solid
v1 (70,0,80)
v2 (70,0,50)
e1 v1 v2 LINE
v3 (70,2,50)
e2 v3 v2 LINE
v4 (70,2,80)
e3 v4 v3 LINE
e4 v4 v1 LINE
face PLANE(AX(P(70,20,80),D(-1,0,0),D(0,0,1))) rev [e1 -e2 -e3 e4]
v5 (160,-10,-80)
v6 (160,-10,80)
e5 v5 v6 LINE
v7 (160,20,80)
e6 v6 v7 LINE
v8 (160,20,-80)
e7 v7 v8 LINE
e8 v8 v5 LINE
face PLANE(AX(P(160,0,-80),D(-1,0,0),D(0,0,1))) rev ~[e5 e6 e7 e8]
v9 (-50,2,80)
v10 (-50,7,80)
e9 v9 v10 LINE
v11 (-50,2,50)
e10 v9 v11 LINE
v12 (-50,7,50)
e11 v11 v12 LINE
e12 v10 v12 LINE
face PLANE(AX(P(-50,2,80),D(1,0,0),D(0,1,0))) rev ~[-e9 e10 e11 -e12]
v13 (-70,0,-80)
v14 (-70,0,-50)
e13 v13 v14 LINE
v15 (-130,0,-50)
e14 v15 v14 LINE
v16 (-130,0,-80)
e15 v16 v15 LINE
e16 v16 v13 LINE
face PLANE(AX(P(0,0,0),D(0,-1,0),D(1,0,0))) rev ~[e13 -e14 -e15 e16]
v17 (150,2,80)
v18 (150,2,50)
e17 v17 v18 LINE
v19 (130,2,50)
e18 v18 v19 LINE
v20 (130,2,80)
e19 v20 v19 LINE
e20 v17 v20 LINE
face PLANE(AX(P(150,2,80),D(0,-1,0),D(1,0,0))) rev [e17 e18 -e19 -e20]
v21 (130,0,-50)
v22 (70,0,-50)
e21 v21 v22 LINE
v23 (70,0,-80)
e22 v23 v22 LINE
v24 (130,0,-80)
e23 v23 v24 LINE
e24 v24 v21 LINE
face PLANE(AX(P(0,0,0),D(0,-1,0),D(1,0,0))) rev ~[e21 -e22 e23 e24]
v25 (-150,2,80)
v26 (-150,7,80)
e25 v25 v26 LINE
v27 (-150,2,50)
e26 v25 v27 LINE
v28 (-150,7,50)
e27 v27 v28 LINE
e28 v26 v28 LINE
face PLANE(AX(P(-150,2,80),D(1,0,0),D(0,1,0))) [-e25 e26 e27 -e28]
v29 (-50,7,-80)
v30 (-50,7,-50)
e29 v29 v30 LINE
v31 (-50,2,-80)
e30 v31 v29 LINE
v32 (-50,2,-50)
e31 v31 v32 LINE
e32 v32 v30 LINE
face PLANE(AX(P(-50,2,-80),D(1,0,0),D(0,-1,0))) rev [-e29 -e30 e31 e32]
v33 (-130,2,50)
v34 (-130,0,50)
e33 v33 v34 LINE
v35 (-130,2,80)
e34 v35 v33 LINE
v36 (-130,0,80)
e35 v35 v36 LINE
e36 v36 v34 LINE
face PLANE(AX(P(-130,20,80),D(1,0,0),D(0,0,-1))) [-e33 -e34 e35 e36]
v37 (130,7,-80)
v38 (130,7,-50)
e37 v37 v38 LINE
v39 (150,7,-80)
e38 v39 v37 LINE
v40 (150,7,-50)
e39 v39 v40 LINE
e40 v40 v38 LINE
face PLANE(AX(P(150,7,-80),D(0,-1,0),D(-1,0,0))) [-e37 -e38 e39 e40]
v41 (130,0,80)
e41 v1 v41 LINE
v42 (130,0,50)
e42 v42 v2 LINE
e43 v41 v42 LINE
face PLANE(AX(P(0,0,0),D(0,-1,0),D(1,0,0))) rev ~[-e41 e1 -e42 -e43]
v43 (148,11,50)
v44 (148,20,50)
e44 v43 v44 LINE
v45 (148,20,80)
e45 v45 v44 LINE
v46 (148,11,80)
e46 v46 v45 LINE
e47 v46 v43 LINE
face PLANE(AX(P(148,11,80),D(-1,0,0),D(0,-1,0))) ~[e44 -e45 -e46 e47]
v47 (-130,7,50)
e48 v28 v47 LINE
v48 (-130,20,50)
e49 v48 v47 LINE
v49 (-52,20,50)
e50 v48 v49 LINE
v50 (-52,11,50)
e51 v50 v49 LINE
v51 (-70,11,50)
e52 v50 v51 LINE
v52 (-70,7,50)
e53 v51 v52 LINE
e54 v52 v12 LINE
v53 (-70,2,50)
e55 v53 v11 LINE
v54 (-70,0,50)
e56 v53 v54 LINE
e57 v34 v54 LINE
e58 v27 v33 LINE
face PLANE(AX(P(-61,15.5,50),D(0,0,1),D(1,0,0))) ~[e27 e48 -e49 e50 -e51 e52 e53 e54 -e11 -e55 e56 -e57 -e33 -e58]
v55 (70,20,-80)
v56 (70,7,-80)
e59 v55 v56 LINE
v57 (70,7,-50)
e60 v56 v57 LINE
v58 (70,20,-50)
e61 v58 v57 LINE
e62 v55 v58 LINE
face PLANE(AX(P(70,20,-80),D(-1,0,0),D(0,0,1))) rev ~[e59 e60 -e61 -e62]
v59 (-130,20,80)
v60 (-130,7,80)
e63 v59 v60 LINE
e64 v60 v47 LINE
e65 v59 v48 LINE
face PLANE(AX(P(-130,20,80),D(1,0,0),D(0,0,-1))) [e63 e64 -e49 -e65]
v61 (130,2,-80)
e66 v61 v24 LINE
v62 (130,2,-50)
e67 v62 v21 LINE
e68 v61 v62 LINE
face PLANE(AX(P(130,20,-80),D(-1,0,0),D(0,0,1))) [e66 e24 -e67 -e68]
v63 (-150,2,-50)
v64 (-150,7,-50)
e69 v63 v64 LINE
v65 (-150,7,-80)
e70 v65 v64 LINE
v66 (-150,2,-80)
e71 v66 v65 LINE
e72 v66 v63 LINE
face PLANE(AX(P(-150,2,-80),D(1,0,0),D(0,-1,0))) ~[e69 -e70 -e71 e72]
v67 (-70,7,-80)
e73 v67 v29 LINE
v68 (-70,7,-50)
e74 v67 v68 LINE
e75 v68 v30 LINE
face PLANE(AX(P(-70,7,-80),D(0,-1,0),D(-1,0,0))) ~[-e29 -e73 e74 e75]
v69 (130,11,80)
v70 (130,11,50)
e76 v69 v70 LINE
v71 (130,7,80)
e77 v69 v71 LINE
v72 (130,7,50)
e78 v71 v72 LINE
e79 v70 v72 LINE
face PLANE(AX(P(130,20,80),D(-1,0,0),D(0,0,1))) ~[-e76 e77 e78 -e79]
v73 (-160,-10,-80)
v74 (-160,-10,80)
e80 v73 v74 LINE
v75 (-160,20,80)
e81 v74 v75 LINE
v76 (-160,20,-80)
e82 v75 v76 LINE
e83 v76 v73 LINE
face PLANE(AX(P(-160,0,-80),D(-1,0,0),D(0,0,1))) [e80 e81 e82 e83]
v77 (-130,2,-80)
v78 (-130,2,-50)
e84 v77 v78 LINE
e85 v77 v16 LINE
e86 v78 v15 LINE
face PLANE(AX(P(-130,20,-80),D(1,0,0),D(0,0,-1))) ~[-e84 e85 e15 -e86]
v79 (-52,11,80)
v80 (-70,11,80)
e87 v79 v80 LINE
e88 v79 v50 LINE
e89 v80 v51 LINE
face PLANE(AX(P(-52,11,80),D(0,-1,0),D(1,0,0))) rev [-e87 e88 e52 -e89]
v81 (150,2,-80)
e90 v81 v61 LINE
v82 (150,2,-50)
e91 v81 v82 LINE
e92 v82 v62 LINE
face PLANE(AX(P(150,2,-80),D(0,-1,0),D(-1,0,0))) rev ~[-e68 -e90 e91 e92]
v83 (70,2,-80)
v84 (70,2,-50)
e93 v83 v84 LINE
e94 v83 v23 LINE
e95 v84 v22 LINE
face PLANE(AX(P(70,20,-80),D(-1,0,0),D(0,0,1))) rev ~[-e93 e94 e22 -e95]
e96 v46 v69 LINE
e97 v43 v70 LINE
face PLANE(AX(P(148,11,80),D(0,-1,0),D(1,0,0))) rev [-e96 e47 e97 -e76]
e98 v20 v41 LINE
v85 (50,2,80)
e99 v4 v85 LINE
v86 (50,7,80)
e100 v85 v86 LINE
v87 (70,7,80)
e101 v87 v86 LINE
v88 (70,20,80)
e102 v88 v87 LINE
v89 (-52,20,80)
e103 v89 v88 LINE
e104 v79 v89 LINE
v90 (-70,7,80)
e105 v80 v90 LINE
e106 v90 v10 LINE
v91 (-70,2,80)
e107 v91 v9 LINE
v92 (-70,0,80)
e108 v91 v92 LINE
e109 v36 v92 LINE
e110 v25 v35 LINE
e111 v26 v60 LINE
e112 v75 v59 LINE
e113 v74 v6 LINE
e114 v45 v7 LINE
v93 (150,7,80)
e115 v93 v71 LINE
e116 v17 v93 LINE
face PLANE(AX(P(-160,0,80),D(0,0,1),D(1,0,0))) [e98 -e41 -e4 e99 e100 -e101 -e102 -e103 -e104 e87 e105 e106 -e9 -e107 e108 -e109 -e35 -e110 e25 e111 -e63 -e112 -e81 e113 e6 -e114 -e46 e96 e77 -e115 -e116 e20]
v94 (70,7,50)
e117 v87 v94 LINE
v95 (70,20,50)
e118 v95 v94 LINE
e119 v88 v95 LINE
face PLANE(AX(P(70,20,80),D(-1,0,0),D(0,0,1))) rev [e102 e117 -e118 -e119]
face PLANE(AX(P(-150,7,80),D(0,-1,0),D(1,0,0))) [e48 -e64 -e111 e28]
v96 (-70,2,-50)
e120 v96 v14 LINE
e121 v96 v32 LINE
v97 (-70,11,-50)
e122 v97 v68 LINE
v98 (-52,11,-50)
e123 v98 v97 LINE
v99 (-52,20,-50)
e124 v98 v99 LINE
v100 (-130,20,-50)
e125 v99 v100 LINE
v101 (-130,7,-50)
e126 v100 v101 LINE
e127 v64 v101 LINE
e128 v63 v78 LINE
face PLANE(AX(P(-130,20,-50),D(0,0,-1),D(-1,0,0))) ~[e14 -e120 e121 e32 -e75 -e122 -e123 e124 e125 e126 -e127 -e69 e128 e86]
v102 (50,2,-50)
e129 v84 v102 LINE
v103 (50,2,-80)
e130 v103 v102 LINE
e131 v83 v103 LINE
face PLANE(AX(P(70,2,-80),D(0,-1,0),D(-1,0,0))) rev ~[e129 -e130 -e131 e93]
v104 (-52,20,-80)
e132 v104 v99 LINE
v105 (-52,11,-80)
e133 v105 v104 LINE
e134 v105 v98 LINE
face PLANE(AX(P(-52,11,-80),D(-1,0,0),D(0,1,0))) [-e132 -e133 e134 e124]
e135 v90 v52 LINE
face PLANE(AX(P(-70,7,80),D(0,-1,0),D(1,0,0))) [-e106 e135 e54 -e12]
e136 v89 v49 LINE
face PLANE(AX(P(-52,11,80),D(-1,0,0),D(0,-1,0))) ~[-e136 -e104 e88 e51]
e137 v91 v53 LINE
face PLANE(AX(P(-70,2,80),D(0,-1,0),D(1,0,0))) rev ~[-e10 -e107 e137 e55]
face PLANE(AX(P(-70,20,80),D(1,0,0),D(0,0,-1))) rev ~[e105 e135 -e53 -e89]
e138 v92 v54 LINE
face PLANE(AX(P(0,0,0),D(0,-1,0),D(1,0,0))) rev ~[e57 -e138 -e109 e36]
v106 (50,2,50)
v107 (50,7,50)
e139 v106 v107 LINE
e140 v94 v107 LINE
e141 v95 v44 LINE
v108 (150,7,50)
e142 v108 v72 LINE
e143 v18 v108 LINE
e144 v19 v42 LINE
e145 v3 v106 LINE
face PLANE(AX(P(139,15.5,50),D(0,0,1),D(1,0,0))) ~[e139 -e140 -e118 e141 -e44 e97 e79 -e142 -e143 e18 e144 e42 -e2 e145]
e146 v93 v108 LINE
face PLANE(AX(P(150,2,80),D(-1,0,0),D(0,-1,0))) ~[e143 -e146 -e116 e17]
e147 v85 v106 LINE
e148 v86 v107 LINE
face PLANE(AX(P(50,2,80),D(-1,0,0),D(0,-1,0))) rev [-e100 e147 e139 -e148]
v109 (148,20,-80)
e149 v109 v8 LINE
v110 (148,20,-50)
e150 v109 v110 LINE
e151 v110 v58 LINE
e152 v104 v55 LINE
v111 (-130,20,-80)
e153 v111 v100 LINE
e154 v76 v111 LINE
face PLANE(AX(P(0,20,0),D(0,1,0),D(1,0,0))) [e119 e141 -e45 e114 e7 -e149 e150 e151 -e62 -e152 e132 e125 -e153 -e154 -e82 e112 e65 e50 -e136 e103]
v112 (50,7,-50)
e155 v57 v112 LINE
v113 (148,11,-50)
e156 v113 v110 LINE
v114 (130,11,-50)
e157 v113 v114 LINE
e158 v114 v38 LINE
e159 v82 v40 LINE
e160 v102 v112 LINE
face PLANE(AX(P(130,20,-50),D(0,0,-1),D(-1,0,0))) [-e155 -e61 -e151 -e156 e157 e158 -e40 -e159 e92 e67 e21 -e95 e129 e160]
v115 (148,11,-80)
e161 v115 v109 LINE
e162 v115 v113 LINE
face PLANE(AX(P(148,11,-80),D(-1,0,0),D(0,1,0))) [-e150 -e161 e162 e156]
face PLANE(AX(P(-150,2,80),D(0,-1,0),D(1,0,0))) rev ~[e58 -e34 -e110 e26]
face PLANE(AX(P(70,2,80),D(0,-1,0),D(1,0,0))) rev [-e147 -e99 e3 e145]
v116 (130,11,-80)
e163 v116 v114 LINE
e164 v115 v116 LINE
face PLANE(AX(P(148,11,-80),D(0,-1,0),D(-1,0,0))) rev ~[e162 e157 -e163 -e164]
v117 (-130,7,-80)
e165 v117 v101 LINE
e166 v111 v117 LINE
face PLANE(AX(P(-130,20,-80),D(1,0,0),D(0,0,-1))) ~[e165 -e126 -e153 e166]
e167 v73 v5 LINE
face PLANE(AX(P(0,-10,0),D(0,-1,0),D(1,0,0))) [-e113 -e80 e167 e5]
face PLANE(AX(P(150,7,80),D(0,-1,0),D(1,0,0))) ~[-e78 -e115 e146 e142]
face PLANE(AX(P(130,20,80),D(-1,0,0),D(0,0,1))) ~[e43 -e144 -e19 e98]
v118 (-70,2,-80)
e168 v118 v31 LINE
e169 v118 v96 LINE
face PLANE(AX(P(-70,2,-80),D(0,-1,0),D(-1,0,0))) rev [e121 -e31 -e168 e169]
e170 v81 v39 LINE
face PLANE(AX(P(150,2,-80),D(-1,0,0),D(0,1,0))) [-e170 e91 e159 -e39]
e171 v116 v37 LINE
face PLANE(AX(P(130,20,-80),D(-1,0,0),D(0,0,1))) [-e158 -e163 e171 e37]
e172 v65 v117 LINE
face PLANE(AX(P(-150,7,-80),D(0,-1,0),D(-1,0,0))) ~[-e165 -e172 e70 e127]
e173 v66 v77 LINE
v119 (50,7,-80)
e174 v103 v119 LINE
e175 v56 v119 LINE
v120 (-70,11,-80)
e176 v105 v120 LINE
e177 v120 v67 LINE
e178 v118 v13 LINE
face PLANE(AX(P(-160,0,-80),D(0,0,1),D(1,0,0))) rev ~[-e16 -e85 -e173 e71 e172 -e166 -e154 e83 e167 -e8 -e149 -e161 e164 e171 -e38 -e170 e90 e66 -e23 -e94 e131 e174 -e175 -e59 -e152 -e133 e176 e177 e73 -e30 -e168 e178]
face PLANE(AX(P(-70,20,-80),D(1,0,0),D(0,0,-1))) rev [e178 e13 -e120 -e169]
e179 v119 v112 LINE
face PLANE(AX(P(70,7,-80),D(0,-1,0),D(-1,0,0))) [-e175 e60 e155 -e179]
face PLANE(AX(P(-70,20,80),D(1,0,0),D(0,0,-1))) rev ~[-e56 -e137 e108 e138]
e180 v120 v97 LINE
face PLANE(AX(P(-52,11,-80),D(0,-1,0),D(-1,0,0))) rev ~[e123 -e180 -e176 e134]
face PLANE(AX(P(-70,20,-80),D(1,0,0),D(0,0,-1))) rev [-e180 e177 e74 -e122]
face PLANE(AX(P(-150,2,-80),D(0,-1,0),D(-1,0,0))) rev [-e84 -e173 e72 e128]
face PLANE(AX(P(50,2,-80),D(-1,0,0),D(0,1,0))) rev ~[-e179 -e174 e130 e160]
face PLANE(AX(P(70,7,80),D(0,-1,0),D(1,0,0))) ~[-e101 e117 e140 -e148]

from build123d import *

# Parameters (mm, degrees)
SKETCH1_W               = 320
SKETCH1_H               = 160
BOSS_EXTRUDE1_DEPTH     = 20
SKETCH2_W               = 60
SKETCH2_H               = 30
CUT_EXTRUDE1_DEPTH      = 28
SKETCH3_W               = 20
SKETCH3_H               = 5
CUT_EXTRUDE3_DEPTH      = 30
MIRROR3_COPY_1_SKETCH_W = 60
MIRROR3_COPY_1_SKETCH_H = 30
MIRROR3_COPY_1_DEPTH    = 28
MIRROR3_COPY_2_SKETCH_W = 20
MIRROR3_COPY_2_SKETCH_H = 5
MIRROR3_COPY_2_DEPTH    = 30
SKETCH8_W               = 18
SKETCH8_H               = 9
CUT_EXTRUDE6_DEPTH      = 30
SKETCH9_W               = 18
SKETCH9_H               = 9
CUT_EXTRUDE7_DEPTH      = 30
SKETCH10_W              = 320
SKETCH10_H              = 160
BOSS_EXTRUDE2_DEPTH     = 10


with BuildPart() as part:
    # Sketch1 → Boss-Extrude1 (new body)
    with BuildSketch(Plane(origin=(0, 0, 0), x_dir=(1, 0, 0), z_dir=(0, 1, 0))):
        Rectangle(SKETCH1_W, SKETCH1_H)
    extrude(amount=BOSS_EXTRUDE1_DEPTH)

    # Sketch2 → Cut-Extrude1 (cut)
    with BuildSketch(Plane(origin=(0, 20, 0), x_dir=(1, 0, 0), z_dir=(0, 1, 0))):
        with Locations((-100, -65)):
            Rectangle(SKETCH2_W, SKETCH2_H)
    cut_extrude1 = extrude(amount=-CUT_EXTRUDE1_DEPTH, mode=Mode.SUBTRACT)

    # Sketch3 → Cut-Extrude3 (cut)
    with BuildSketch(Plane.XY.offset(80)):
        with Locations((-140, 4.5)):
            Rectangle(SKETCH3_W, SKETCH3_H)
        with Locations((-60, 4.5)):
            Rectangle(SKETCH3_W, SKETCH3_H)
    cut_extrude3 = extrude(amount=-CUT_EXTRUDE3_DEPTH, mode=Mode.SUBTRACT)

    # Mirror2: Cut-Extrude1, Cut-Extrude3 across plane
    add(cut_extrude1.mirror(Plane(origin=(0, 0, 0), x_dir=(0, 0, 1), z_dir=(1, 0, 0))), mode=Mode.SUBTRACT)
    add(cut_extrude3.mirror(Plane(origin=(0, 0, 0), x_dir=(0, 0, 1), z_dir=(1, 0, 0))), mode=Mode.SUBTRACT)

    # Mirror3: Cut-Extrude1, Cut-Extrude3 across plane
    add(cut_extrude1.mirror(Plane.XY), mode=Mode.SUBTRACT)
    add(cut_extrude3.mirror(Plane.XY), mode=Mode.SUBTRACT)

    # Mirror3 copy 1 sketch → Mirror3 copy 1 (cut)
    with BuildSketch(Plane(origin=(0, 20, 0), x_dir=(-1, 0, 0), z_dir=(0, 1, 0))):
        with Locations((-100, -65)):
            Rectangle(MIRROR3_COPY_1_SKETCH_W, MIRROR3_COPY_1_SKETCH_H)
    extrude(amount=-MIRROR3_COPY_1_DEPTH, mode=Mode.SUBTRACT)

    # Mirror3 copy 2 sketch → Mirror3 copy 2 (cut)
    with BuildSketch(Plane(origin=(0, 0, -80), x_dir=(-1, 0, 0), z_dir=(0, 0, -1))):
        with Locations((-140, 4.5)):
            Rectangle(MIRROR3_COPY_2_SKETCH_W, MIRROR3_COPY_2_SKETCH_H)
        with Locations((-60, 4.5)):
            Rectangle(MIRROR3_COPY_2_SKETCH_W, MIRROR3_COPY_2_SKETCH_H)
    extrude(amount=-MIRROR3_COPY_2_DEPTH, mode=Mode.SUBTRACT)

    # Sketch8 → Cut-Extrude6 (cut)
    with BuildSketch(Plane(origin=(0, 0, -80), x_dir=(-1, 0, 0), z_dir=(0, 0, -1))):
        with Locations((-139, 15.5)):
            Rectangle(SKETCH8_W, SKETCH8_H)
    cut_extrude6 = extrude(amount=-CUT_EXTRUDE6_DEPTH, mode=Mode.SUBTRACT)

    # Sketch9 → Cut-Extrude7 (cut)
    with BuildSketch(Plane(origin=(0, 0, -80), x_dir=(-1, 0, 0), z_dir=(0, 0, -1))):
        with Locations((61, 15.5)):
            Rectangle(SKETCH9_W, SKETCH9_H)
    cut_extrude7 = extrude(amount=-CUT_EXTRUDE7_DEPTH, mode=Mode.SUBTRACT)

    # Sketch10 → Boss-Extrude2 (add)
    with BuildSketch(Plane.XZ):
        Rectangle(SKETCH10_W, SKETCH10_H)
    extrude(amount=BOSS_EXTRUDE2_DEPTH)

    # Mirror4: Cut-Extrude6, Cut-Extrude7 across plane
    add(cut_extrude6.mirror(Plane.XY), mode=Mode.SUBTRACT)
    add(cut_extrude7.mirror(Plane.XY), mode=Mode.SUBTRACT)


solid = part.part
